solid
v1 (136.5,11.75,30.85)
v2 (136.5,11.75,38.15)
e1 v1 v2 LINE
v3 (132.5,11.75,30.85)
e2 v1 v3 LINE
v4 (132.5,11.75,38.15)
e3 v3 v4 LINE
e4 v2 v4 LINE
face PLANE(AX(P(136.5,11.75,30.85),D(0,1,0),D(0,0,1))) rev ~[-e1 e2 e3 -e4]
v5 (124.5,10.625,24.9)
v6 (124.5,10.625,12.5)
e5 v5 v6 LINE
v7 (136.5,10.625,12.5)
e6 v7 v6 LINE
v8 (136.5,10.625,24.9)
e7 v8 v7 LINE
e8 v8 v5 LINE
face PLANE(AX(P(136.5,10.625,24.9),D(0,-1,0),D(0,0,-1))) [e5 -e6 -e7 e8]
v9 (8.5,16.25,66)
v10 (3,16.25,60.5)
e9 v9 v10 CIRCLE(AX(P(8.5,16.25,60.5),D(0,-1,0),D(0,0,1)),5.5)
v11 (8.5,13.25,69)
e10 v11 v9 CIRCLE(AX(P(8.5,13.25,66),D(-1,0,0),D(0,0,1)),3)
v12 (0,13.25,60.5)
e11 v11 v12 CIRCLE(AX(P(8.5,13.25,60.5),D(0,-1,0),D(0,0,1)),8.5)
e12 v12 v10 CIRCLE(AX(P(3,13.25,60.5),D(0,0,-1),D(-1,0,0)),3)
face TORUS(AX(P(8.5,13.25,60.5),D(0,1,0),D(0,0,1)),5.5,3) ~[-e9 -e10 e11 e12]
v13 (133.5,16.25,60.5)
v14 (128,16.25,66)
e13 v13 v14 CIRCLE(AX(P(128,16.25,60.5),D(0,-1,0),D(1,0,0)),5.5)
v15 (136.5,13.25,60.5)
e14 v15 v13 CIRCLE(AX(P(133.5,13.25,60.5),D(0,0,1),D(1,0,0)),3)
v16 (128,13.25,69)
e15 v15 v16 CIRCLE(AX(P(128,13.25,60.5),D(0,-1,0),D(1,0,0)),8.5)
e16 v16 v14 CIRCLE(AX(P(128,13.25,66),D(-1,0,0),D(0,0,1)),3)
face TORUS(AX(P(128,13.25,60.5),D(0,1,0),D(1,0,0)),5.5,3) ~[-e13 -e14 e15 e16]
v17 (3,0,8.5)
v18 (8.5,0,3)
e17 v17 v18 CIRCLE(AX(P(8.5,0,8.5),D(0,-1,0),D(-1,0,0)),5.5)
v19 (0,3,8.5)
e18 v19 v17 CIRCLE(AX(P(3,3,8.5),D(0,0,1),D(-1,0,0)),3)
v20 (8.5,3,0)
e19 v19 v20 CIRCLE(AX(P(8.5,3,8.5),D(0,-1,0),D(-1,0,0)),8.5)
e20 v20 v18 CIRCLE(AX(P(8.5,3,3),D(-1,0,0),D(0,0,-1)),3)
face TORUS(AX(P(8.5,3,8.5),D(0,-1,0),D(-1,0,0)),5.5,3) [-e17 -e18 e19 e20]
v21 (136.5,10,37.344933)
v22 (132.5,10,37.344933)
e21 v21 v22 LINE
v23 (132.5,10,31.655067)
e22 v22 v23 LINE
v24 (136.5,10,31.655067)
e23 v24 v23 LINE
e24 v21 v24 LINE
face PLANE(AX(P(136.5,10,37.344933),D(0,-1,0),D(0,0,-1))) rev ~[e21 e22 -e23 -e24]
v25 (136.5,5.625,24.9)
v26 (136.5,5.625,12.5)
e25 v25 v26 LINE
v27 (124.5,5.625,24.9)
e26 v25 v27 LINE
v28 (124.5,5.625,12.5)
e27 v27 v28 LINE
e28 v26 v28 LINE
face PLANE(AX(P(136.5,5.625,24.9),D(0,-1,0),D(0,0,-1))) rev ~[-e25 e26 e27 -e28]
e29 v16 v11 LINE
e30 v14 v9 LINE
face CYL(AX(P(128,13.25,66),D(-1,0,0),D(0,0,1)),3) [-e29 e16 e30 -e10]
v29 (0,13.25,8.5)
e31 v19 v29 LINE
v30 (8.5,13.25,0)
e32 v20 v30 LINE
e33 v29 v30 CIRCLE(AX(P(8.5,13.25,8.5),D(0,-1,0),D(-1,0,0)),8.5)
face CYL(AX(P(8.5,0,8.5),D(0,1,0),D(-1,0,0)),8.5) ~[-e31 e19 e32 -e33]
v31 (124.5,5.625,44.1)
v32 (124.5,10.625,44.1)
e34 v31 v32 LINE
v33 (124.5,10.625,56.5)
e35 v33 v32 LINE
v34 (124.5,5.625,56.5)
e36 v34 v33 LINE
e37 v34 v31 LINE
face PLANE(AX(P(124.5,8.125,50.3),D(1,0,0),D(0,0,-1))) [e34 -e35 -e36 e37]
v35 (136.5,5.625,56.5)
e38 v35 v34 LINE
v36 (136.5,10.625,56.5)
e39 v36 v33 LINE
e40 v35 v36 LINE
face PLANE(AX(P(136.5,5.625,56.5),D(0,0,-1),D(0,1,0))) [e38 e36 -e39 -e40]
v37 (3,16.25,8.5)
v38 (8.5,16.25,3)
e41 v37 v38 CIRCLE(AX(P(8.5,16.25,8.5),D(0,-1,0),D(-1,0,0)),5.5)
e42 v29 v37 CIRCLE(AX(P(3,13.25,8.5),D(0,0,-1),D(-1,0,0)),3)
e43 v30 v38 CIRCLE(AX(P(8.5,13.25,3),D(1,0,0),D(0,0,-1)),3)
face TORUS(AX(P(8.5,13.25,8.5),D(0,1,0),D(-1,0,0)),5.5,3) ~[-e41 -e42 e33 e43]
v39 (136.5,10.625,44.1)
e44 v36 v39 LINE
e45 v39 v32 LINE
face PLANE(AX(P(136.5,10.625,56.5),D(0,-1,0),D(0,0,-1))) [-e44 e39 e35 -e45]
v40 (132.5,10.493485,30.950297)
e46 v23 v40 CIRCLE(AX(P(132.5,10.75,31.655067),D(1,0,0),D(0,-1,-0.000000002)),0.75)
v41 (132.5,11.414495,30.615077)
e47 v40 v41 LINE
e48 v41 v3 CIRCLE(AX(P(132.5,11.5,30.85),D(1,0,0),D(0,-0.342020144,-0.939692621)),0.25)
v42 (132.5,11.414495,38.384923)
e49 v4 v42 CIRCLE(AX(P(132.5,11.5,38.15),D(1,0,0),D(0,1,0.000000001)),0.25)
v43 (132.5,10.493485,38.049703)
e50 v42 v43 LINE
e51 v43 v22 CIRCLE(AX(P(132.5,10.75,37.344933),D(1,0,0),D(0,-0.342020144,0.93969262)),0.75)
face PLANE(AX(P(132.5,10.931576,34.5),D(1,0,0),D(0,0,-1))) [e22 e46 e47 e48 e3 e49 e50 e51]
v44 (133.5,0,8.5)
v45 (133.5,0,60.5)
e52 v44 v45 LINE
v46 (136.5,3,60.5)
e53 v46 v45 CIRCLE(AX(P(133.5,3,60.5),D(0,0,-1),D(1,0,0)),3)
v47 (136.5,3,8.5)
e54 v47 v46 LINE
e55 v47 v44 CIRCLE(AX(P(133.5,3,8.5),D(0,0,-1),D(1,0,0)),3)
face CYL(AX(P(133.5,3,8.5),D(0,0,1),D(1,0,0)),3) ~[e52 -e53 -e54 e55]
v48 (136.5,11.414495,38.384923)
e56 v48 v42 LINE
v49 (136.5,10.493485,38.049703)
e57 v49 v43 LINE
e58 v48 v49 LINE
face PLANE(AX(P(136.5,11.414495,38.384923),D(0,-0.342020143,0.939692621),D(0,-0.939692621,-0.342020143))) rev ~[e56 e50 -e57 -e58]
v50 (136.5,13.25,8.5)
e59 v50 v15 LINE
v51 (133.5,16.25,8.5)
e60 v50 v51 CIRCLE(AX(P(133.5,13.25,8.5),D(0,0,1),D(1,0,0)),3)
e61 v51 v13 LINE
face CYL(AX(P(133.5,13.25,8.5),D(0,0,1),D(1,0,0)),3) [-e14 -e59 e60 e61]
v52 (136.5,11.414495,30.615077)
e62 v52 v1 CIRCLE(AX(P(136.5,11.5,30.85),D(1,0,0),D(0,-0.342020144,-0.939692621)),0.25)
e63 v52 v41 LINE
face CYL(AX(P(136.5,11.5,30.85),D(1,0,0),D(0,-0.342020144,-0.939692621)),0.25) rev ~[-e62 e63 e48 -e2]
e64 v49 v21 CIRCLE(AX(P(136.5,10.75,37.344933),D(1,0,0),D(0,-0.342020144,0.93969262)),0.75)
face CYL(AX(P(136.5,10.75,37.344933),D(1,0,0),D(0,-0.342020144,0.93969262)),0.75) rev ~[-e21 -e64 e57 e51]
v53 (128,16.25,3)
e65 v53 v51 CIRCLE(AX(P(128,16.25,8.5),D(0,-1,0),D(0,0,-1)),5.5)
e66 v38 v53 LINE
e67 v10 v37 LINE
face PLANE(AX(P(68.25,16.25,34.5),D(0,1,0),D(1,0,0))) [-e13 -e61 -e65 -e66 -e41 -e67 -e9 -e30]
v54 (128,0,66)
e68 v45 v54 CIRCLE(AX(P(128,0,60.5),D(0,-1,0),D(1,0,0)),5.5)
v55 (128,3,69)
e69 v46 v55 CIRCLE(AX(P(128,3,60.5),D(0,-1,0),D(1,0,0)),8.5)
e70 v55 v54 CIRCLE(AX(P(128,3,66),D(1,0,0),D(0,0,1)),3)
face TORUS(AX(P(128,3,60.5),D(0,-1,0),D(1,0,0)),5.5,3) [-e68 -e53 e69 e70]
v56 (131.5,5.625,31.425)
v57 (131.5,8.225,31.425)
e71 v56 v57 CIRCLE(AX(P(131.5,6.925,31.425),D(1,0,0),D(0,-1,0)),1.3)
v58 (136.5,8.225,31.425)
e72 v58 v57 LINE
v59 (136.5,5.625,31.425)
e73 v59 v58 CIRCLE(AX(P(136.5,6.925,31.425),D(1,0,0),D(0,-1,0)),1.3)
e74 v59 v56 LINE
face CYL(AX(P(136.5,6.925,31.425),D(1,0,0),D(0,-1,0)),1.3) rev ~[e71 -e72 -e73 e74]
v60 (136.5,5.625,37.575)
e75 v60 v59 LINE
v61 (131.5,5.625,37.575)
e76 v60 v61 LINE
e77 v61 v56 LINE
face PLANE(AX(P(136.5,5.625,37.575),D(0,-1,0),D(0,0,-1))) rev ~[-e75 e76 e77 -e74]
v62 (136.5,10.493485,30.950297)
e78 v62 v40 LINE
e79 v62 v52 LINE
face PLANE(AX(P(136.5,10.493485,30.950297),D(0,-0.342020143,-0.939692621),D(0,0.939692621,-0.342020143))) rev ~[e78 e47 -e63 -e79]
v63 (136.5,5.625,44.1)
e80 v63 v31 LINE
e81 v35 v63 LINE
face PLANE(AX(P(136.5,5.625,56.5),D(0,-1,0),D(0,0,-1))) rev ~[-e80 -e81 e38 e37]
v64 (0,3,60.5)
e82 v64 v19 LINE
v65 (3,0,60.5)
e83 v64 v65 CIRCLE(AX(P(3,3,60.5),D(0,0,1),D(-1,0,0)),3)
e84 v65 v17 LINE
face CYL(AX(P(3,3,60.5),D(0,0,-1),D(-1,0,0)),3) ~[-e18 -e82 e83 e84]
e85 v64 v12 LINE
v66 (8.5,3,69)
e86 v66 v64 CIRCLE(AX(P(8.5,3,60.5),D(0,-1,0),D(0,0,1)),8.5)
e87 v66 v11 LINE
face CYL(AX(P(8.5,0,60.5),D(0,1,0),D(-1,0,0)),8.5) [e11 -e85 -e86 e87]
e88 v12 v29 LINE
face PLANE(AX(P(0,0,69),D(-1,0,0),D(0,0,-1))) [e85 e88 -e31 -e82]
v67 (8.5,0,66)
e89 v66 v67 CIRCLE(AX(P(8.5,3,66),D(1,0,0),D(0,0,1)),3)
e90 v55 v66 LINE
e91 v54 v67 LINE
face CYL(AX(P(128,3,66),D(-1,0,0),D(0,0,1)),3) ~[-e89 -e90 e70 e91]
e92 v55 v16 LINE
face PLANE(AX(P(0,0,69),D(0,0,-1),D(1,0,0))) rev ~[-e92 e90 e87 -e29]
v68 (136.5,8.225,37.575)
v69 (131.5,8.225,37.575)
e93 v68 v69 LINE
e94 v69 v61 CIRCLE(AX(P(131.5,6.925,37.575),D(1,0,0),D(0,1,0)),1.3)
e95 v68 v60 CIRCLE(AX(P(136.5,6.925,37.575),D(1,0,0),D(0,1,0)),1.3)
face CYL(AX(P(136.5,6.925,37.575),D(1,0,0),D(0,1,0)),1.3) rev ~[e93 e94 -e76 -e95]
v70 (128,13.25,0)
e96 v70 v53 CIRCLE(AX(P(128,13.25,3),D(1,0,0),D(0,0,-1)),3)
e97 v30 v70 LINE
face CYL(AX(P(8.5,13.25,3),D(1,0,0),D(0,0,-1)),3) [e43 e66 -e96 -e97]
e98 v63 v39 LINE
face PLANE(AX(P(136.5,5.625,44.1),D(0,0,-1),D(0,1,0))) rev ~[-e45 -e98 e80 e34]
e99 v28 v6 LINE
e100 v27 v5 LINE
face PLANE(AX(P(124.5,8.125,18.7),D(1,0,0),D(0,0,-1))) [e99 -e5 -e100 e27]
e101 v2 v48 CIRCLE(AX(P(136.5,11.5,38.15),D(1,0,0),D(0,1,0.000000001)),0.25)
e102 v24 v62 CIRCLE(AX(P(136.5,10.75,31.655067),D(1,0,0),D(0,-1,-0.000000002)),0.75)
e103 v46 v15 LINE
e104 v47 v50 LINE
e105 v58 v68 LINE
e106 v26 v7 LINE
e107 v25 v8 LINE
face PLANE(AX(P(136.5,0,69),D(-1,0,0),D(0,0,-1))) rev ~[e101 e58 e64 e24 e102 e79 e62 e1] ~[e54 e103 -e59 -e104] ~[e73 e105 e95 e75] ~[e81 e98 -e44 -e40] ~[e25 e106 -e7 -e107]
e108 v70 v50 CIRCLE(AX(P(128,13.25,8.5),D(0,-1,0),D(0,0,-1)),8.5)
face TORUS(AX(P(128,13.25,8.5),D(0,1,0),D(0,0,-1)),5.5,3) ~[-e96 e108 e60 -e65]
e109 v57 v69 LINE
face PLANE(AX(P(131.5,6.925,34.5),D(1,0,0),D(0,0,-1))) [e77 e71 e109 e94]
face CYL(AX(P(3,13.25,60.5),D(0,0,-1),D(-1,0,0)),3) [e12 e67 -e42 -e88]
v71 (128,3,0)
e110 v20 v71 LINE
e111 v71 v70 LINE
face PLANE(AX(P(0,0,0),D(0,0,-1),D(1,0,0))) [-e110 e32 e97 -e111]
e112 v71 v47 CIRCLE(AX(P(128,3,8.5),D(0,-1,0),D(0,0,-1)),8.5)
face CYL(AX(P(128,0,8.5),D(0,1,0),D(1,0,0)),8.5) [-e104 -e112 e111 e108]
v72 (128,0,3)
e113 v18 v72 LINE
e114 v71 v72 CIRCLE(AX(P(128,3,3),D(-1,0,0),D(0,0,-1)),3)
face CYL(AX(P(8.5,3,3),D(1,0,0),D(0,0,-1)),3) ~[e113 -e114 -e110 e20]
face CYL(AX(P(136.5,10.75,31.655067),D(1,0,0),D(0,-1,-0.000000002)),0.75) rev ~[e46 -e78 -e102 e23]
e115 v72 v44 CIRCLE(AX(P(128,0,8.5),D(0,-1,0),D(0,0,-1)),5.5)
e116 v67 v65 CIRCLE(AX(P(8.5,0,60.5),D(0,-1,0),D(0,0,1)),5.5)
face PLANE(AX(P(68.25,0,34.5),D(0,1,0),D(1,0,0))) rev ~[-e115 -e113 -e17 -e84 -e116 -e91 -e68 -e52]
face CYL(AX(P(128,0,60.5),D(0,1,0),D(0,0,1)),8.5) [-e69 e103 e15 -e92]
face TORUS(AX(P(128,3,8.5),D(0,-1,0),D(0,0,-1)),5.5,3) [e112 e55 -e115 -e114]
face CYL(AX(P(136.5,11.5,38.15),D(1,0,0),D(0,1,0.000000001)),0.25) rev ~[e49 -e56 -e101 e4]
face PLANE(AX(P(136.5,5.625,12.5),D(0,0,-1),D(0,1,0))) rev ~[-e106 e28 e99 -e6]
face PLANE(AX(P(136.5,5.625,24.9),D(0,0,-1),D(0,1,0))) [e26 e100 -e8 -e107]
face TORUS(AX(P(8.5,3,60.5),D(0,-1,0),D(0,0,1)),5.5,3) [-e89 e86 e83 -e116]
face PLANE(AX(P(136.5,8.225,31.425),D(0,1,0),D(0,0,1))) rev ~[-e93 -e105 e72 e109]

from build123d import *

# Parameters (mm, degrees)
SKETCH1_W           = 136.5
SKETCH1_H           = 69
BOSS_EXTRUDE1_DEPTH = 16.25
FILLET1_R           = 8.5
FILLET2_R           = 3
SKETCH2_W           = 12.4
SKETCH2_H           = 5
CUT_EXTRUDE1_DEPTH  = 12
CUT_EXTRUDE2_DEPTH  = 5
CUT_EXTRUDE3_DEPTH  = 4


with BuildPart() as part:
    # Sketch1 → Boss-Extrude1 (new body)
    with BuildSketch(Plane(origin=(0, 0, 0), x_dir=(1, 0, 0), z_dir=(0, 1, 0))):
        with Locations((68.25, -34.5)):
            Rectangle(SKETCH1_W, SKETCH1_H)
    extrude(amount=BOSS_EXTRUDE1_DEPTH)

    # Fillet1
    fillet1_edges = [part.edges().sort_by_distance(p)[0] for p in [
        (0, 8.125, 0),
        (136.5, 8.125, 0),
        (136.5, 8.125, 69),
        (0, 8.125, 69),
    ]]
    fillet(fillet1_edges, radius=FILLET1_R)

    # Fillet2
    fillet2_edges = [part.edges().sort_by_distance(p)[0] for p in [
        (0, 0, 34.5),
        (0, 16.25, 34.5),
        (68.25, 0, 0),
        (136.5, 0, 34.5),
        (68.25, 0, 69),
        (134.01040764, 0, 66.51040764),
        (134.01040764, 0, 2.48959236),
        (2.48959236, 0, 66.51040764),
        (2.48959236, 0, 2.48959236),
        (68.25, 16.25, 0),
        (68.25, 16.25, 69),
        (136.5, 16.25, 34.5),
        (134.01040764, 16.25, 66.51040764),
        (134.01040764, 16.25, 2.48959236),
        (2.48959236, 16.25, 66.51040764),
        (2.48959236, 16.25, 2.48959236),
    ]]
    fillet(fillet2_edges, radius=FILLET2_R)

    # Sketch2 → Cut-Extrude1 (cut)
    with BuildSketch(Plane(origin=(136.5, 0, 0), x_dir=(0, 0, -1), z_dir=(1, 0, 0))):
        with Locations((-18.7, 8.125)):
            Rectangle(SKETCH2_W, SKETCH2_H)
        with Locations((-50.3, 8.125)):
            Rectangle(SKETCH2_W, SKETCH2_H)
    extrude(amount=-CUT_EXTRUDE1_DEPTH, mode=Mode.SUBTRACT)

    # Sketch3 → Cut-Extrude2 (cut)
    with BuildSketch(Plane(origin=(136.5, 0, 0), x_dir=(0, 0, -1), z_dir=(1, 0, 0))):
        with BuildLine():
            Line((-37.575, 5.625), (-31.425, 5.625))
            ThreePointArc((-31.425, 5.625), (-30.125, 6.925), (-31.425, 8.225))
            Line((-31.425, 8.225), (-37.575, 8.225))
            ThreePointArc((-37.575, 8.225), (-38.875, 6.925), (-37.575, 5.625))
        make_face()
    extrude(amount=-CUT_EXTRUDE2_DEPTH, mode=Mode.SUBTRACT)

    # Sketch4 → Cut-Extrude3 (cut)
    with BuildSketch(Plane(origin=(136.5, 0, 0), x_dir=(0, 0, -1), z_dir=(1, 0, 0))):
        with BuildLine():
            Line((-37.344933438, 10), (-31.655066562, 10))
            ThreePointArc((-31.655066562, 10), (-31.224884235, 10.135635967), (-30.950297096, 10.493484893))
            Line((-30.950297096, 10.493484893), (-30.615076845, 11.414494964))
            ThreePointArc((-30.615076845, 11.414494964), (-30.645211989, 11.643394109), (-30.85, 11.75))
            Line((-30.85, 11.75), (-38.15, 11.75))
            ThreePointArc((-38.15, 11.75), (-38.354788011, 11.643394109), (-38.384923155, 11.414494964))
            Line((-38.384923155, 11.414494964), (-38.049702904, 10.493484893))
            ThreePointArc((-38.049702904, 10.493484893), (-37.775115765, 10.135635967), (-37.344933438, 10))
        make_face()
    extrude(amount=-CUT_EXTRUDE3_DEPTH, mode=Mode.SUBTRACT)


solid = part.part
